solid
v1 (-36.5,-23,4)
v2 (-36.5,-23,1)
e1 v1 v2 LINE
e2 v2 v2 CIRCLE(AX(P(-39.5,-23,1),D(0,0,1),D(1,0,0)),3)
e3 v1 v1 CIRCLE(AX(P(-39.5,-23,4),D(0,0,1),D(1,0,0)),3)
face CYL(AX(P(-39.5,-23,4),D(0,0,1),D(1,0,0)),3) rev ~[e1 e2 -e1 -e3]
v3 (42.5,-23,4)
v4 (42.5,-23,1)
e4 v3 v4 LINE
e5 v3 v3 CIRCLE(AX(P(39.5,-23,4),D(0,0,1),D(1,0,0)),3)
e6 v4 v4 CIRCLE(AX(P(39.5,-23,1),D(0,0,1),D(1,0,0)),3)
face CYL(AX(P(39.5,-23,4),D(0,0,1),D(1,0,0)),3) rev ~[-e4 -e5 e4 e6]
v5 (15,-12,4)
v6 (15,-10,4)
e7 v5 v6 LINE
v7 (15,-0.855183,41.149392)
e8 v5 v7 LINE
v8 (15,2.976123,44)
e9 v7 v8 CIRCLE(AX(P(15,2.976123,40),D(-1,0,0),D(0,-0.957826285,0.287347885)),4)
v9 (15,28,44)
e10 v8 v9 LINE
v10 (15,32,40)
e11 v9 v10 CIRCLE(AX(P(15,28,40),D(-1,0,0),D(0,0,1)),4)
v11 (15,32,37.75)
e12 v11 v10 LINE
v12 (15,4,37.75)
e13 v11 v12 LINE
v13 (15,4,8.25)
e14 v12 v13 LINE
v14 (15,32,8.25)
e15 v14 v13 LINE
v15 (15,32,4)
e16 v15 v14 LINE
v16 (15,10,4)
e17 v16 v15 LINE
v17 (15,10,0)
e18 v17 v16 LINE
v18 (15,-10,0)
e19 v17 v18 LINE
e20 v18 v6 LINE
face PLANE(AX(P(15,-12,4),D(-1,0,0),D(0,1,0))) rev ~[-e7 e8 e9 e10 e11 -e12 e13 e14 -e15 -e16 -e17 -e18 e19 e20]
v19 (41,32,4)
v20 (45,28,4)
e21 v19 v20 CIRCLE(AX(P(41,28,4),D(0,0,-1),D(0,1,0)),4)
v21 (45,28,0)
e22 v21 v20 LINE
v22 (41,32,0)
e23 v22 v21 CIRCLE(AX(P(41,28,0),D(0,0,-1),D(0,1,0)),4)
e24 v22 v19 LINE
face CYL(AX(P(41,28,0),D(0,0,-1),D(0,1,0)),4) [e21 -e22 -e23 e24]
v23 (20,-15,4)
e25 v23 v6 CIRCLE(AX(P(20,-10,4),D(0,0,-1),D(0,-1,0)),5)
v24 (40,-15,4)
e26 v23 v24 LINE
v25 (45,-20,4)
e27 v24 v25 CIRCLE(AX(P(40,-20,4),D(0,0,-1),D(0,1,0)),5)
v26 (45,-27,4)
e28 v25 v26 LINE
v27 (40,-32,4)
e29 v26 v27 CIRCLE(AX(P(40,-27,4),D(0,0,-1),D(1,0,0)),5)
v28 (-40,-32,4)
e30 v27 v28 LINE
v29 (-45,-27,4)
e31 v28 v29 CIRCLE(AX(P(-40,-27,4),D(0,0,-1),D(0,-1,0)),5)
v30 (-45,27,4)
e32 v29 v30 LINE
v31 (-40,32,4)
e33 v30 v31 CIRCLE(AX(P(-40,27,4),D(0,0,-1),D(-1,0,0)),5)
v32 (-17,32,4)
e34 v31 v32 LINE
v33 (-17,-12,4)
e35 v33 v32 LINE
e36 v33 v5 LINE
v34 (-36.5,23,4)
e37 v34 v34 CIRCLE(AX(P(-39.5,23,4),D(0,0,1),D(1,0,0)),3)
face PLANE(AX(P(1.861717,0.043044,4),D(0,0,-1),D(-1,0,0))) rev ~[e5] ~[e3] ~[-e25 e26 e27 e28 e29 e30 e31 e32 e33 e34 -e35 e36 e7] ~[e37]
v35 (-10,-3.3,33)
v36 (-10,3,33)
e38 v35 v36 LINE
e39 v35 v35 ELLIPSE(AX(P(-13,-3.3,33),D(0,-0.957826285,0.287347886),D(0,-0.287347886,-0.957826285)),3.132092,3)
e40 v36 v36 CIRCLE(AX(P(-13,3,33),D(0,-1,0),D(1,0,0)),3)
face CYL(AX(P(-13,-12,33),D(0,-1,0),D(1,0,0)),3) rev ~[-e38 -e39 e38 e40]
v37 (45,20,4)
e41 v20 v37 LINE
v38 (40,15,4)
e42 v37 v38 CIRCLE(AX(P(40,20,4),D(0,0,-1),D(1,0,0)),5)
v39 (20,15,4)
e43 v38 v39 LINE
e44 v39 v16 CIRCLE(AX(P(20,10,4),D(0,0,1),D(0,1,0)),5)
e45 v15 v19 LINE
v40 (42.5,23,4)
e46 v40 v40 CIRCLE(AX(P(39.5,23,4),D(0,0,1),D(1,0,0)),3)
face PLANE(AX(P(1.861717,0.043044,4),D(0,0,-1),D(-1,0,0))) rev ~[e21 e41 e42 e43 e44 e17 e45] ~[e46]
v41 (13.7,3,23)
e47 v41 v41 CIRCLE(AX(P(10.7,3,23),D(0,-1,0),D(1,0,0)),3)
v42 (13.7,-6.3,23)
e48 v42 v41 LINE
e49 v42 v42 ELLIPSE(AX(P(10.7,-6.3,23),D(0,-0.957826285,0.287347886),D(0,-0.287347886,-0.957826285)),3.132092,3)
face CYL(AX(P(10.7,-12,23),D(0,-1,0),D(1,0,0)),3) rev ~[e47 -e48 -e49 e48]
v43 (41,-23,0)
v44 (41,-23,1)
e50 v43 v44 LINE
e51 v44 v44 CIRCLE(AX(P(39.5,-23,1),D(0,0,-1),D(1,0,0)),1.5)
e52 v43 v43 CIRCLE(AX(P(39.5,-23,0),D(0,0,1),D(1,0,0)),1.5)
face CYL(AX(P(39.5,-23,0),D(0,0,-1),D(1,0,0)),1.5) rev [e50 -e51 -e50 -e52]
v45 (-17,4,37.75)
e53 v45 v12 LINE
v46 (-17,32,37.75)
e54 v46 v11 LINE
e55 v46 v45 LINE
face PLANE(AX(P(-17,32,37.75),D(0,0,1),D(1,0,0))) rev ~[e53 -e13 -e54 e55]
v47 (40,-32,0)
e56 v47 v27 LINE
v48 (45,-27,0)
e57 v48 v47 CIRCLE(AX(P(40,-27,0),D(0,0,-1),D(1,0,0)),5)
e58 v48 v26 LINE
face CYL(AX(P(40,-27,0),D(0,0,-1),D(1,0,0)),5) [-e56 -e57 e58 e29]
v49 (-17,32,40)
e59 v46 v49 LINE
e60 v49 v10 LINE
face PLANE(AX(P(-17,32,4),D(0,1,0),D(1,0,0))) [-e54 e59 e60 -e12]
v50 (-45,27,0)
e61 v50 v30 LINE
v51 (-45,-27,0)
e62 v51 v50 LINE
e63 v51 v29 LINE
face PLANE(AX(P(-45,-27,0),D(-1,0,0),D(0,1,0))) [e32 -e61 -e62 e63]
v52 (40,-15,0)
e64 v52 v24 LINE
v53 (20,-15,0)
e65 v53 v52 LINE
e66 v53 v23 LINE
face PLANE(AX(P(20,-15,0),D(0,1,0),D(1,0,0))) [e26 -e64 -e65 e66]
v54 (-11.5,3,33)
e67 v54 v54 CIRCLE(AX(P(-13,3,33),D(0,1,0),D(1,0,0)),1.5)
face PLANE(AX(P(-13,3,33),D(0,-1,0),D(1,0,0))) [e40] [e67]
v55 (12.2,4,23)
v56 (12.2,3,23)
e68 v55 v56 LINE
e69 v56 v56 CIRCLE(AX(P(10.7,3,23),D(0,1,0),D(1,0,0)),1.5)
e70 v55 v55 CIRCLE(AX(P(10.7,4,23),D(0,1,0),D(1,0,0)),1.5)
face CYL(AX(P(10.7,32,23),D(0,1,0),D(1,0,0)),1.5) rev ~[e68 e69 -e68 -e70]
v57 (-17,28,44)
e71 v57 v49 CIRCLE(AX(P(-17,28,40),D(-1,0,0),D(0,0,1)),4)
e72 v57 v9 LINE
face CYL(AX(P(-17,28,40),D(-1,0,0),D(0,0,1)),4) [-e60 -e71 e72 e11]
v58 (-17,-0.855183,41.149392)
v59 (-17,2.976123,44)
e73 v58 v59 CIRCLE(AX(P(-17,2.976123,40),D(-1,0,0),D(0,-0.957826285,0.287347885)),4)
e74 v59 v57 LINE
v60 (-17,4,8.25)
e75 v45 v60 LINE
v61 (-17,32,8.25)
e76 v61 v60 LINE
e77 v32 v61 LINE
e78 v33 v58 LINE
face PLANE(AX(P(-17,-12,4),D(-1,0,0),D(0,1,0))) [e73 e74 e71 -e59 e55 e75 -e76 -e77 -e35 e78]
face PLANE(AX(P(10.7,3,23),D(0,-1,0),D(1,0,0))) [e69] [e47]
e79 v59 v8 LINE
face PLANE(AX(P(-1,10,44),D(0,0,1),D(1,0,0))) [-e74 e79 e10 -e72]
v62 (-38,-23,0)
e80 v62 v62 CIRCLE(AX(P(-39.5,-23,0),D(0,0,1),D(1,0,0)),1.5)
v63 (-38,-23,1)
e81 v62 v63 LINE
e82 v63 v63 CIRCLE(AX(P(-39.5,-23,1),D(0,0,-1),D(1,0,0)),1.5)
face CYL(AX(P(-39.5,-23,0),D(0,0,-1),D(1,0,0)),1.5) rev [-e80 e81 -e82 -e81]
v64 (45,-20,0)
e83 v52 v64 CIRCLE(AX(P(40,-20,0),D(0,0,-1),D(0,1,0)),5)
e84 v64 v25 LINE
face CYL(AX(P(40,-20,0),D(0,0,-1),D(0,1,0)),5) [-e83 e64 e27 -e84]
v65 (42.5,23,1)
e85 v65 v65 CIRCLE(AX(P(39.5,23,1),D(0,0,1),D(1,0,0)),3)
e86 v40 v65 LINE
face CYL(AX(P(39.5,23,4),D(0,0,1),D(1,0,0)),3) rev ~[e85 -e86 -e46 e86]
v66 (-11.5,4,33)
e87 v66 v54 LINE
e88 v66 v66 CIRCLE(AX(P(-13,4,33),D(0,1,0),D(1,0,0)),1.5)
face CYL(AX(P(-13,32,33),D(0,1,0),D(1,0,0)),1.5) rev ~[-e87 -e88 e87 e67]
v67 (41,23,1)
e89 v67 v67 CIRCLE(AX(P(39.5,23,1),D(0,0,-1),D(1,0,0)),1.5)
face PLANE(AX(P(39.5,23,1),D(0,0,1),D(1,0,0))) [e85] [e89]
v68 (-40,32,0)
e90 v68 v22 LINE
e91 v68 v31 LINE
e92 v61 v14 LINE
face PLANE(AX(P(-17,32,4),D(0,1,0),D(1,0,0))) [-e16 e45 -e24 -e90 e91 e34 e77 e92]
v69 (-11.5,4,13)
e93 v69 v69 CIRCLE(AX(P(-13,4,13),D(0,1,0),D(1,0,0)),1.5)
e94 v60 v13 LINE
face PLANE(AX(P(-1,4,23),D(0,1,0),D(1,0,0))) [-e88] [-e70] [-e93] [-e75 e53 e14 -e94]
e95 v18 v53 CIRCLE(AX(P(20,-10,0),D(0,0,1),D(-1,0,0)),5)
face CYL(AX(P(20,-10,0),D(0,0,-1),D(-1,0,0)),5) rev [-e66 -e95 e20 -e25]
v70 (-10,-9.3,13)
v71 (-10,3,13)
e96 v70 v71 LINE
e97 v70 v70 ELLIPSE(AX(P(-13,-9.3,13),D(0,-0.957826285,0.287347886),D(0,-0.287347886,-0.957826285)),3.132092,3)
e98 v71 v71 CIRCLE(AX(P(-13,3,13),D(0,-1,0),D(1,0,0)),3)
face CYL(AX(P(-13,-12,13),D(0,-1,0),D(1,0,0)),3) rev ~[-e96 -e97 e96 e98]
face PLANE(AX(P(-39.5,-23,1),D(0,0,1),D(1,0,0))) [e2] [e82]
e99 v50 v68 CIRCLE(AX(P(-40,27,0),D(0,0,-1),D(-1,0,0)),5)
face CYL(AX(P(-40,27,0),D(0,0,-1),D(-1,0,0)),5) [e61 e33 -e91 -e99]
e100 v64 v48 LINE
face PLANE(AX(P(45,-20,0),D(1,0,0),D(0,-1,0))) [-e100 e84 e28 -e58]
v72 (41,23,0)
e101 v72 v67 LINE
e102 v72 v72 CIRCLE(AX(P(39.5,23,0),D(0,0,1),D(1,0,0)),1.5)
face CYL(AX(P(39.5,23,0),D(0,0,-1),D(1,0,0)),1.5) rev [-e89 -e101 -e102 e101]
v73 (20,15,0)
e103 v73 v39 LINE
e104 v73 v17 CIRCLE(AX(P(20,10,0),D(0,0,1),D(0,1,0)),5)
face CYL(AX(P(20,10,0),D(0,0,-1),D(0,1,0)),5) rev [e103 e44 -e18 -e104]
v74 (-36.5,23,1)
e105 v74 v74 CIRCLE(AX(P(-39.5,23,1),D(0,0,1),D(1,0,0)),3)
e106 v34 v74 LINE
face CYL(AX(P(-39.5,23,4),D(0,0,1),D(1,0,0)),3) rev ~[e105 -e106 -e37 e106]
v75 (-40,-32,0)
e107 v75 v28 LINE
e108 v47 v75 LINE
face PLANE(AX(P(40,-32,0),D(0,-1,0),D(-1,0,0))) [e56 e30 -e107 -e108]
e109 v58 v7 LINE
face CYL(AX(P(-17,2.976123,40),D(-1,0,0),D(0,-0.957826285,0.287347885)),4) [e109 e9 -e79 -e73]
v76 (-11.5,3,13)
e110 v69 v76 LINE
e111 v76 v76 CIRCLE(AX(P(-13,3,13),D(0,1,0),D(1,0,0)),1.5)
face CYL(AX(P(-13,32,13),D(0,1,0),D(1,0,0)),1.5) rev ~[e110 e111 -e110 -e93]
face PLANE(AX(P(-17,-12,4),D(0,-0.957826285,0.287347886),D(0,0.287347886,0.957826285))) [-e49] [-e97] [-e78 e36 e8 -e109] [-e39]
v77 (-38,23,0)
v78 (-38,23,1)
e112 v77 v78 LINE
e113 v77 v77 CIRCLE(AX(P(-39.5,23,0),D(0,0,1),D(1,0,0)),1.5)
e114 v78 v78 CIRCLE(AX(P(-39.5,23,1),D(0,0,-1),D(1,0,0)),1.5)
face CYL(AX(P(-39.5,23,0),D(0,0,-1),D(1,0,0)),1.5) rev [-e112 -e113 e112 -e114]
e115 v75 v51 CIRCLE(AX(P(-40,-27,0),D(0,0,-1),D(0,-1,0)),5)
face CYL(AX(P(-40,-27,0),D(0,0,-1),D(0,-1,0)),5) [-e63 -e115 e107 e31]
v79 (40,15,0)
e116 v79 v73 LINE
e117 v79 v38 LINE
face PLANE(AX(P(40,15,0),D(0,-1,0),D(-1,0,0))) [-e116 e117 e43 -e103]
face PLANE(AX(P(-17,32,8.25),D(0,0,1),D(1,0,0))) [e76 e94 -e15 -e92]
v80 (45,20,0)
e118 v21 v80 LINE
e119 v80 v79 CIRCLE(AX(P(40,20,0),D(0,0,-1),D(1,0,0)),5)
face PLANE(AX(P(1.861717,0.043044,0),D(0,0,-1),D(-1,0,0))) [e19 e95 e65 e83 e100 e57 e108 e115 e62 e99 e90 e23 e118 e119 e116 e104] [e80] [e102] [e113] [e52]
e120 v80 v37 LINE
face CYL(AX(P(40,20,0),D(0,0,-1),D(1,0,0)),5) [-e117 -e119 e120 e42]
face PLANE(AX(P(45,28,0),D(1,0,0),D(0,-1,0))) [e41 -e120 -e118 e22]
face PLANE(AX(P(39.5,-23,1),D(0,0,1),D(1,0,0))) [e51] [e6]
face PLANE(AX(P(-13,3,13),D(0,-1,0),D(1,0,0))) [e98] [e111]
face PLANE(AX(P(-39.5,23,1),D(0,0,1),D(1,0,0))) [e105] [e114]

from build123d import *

# Parameters (mm, degrees)
SKETCH_1_R           = 1.5
EXTRUDE_1_DEPTH      = 4
SKETCH_2_R           = 3
CUT_EXTRUDE_1_DEPTH  = 3
SKETCH_3_W           = 32
SKETCH_3_H           = 44
EXTRUDE_2_DEPTH      = 40
SKETCH_4_R           = 1.5
CUT_EXTRUDE_2_DEPTH  = 65
SKETCH_5_R           = 3
CUT_EXTRUDE_10_DEPTH = 15
SKETCH_7_W           = 32
SKETCH_7_H           = 29.5
CUT_EXTRUDE_12_DEPTH = 28
CUT_EXTRUDE_11_DEPTH = 63


with BuildPart() as part:
    # 草图1 → 凸台-拉伸1 (new body)
    with BuildSketch(Plane.XY):
        with BuildLine():
            Line((-40, 32), (41, 32))
            ThreePointArc((41, 32), (43.828427125, 30.828427125), (45, 28))
            Line((45, 28), (45, 20))
            ThreePointArc((45, 20), (43.535533906, 16.464466094), (40, 15))
            Line((40, 15), (20, 15))
            ThreePointArc((20, 15), (16.464466094, 13.535533906), (15, 10))
            Line((15, 10), (15, -10))
            ThreePointArc((15, -10), (16.464466094, -13.535533906), (20, -15))
            Line((20, -15), (40, -15))
            ThreePointArc((40, -15), (43.535533906, -16.464466094), (45, -20))
            Line((45, -20), (45, -27))
            ThreePointArc((45, -27), (43.535533906, -30.535533906), (40, -32))
            Line((40, -32), (-40, -32))
            ThreePointArc((-40, -32), (-43.535533906, -30.535533906), (-45, -27))
            Line((-45, -27), (-45, 27))
            ThreePointArc((-45, 27), (-43.535533906, 30.535533906), (-40, 32))
        make_face()
        with Locations((-39.5, 23)):
            Circle(SKETCH_1_R, mode=Mode.SUBTRACT)
        with Locations((-39.5, -23)):
            Circle(SKETCH_1_R, mode=Mode.SUBTRACT)
        with Locations((39.5, -23)):
            Circle(SKETCH_1_R, mode=Mode.SUBTRACT)
        with Locations((39.5, 23)):
            Circle(SKETCH_1_R, mode=Mode.SUBTRACT)
    extrude(amount=EXTRUDE_1_DEPTH)

    # 草图2 → 切除-拉伸1 (cut)
    with BuildSketch(Plane.XY.offset(4)):
        with Locations((-39.5, 23)):
            Circle(SKETCH_2_R)
        with Locations((-39.5, -23)):
            Circle(SKETCH_2_R)
        with Locations((39.5, -23)):
            Circle(SKETCH_2_R)
        with Locations((39.5, 23)):
            Circle(SKETCH_2_R)
    extrude(amount=-CUT_EXTRUDE_1_DEPTH, mode=Mode.SUBTRACT)

    # 草图3 → 凸台-拉伸2 (add)
    with BuildSketch(Plane.XY.offset(4)):
        with Locations((-1, 10)):
            Rectangle(SKETCH_3_W, SKETCH_3_H)
    extrude(amount=EXTRUDE_2_DEPTH)

    # 草图4 → 切除-拉伸2 (cut, through all)
    with BuildSketch(Plane(origin=(0, 32, 0), x_dir=(1, 0, 0), z_dir=(0, 1, 0))):
        with Locations((-13, -13)):
            Circle(SKETCH_4_R)
        with Locations((-13, -33)):
            Circle(SKETCH_4_R)
        with Locations((10.7, -23)):
            Circle(SKETCH_4_R)
    extrude(amount=-CUT_EXTRUDE_2_DEPTH, mode=Mode.SUBTRACT)

    # 草图5 → 切除-拉伸10 (cut)
    with BuildSketch(Plane.XZ.offset(12)):
        with Locations((-13, 33)):
            Circle(SKETCH_5_R)
        with Locations((-13, 13)):
            Circle(SKETCH_5_R)
        with Locations((10.7, 23)):
            Circle(SKETCH_5_R)
    extrude(amount=-CUT_EXTRUDE_10_DEPTH, mode=Mode.SUBTRACT)

    # 草图7 → 切除-拉伸12 (cut)
    with BuildSketch(Plane(origin=(0, 32, 0), x_dir=(1, 0, 0), z_dir=(0, 1, 0))):
        with Locations((-1, -23)):
            Rectangle(SKETCH_7_W, SKETCH_7_H)
    extrude(amount=-CUT_EXTRUDE_12_DEPTH, mode=Mode.SUBTRACT)

    # 草图6 → 切除-拉伸11 (cut, through all)
    with BuildSketch(Plane.ZY.offset(17)):
        with BuildLine():
            Line((4, -12), (41.149391542, -0.855182537))
            ThreePointArc((41.149391542, -0.855182537), (43.209171713, 0.588400485), (44, 2.976122604))
            Line((44, 2.976122604), (44, -12))
            Line((44, -12), (4, -12))
        make_face()
        with BuildLine():
            Line((40, 32), (44, 32))
            Line((44, 32), (44, 28))
            ThreePointArc((44, 28), (42.828427125, 30.828427125), (40, 32))
        make_face()
    extrude(amount=-CUT_EXTRUDE_11_DEPTH, mode=Mode.SUBTRACT)


solid = part.part
